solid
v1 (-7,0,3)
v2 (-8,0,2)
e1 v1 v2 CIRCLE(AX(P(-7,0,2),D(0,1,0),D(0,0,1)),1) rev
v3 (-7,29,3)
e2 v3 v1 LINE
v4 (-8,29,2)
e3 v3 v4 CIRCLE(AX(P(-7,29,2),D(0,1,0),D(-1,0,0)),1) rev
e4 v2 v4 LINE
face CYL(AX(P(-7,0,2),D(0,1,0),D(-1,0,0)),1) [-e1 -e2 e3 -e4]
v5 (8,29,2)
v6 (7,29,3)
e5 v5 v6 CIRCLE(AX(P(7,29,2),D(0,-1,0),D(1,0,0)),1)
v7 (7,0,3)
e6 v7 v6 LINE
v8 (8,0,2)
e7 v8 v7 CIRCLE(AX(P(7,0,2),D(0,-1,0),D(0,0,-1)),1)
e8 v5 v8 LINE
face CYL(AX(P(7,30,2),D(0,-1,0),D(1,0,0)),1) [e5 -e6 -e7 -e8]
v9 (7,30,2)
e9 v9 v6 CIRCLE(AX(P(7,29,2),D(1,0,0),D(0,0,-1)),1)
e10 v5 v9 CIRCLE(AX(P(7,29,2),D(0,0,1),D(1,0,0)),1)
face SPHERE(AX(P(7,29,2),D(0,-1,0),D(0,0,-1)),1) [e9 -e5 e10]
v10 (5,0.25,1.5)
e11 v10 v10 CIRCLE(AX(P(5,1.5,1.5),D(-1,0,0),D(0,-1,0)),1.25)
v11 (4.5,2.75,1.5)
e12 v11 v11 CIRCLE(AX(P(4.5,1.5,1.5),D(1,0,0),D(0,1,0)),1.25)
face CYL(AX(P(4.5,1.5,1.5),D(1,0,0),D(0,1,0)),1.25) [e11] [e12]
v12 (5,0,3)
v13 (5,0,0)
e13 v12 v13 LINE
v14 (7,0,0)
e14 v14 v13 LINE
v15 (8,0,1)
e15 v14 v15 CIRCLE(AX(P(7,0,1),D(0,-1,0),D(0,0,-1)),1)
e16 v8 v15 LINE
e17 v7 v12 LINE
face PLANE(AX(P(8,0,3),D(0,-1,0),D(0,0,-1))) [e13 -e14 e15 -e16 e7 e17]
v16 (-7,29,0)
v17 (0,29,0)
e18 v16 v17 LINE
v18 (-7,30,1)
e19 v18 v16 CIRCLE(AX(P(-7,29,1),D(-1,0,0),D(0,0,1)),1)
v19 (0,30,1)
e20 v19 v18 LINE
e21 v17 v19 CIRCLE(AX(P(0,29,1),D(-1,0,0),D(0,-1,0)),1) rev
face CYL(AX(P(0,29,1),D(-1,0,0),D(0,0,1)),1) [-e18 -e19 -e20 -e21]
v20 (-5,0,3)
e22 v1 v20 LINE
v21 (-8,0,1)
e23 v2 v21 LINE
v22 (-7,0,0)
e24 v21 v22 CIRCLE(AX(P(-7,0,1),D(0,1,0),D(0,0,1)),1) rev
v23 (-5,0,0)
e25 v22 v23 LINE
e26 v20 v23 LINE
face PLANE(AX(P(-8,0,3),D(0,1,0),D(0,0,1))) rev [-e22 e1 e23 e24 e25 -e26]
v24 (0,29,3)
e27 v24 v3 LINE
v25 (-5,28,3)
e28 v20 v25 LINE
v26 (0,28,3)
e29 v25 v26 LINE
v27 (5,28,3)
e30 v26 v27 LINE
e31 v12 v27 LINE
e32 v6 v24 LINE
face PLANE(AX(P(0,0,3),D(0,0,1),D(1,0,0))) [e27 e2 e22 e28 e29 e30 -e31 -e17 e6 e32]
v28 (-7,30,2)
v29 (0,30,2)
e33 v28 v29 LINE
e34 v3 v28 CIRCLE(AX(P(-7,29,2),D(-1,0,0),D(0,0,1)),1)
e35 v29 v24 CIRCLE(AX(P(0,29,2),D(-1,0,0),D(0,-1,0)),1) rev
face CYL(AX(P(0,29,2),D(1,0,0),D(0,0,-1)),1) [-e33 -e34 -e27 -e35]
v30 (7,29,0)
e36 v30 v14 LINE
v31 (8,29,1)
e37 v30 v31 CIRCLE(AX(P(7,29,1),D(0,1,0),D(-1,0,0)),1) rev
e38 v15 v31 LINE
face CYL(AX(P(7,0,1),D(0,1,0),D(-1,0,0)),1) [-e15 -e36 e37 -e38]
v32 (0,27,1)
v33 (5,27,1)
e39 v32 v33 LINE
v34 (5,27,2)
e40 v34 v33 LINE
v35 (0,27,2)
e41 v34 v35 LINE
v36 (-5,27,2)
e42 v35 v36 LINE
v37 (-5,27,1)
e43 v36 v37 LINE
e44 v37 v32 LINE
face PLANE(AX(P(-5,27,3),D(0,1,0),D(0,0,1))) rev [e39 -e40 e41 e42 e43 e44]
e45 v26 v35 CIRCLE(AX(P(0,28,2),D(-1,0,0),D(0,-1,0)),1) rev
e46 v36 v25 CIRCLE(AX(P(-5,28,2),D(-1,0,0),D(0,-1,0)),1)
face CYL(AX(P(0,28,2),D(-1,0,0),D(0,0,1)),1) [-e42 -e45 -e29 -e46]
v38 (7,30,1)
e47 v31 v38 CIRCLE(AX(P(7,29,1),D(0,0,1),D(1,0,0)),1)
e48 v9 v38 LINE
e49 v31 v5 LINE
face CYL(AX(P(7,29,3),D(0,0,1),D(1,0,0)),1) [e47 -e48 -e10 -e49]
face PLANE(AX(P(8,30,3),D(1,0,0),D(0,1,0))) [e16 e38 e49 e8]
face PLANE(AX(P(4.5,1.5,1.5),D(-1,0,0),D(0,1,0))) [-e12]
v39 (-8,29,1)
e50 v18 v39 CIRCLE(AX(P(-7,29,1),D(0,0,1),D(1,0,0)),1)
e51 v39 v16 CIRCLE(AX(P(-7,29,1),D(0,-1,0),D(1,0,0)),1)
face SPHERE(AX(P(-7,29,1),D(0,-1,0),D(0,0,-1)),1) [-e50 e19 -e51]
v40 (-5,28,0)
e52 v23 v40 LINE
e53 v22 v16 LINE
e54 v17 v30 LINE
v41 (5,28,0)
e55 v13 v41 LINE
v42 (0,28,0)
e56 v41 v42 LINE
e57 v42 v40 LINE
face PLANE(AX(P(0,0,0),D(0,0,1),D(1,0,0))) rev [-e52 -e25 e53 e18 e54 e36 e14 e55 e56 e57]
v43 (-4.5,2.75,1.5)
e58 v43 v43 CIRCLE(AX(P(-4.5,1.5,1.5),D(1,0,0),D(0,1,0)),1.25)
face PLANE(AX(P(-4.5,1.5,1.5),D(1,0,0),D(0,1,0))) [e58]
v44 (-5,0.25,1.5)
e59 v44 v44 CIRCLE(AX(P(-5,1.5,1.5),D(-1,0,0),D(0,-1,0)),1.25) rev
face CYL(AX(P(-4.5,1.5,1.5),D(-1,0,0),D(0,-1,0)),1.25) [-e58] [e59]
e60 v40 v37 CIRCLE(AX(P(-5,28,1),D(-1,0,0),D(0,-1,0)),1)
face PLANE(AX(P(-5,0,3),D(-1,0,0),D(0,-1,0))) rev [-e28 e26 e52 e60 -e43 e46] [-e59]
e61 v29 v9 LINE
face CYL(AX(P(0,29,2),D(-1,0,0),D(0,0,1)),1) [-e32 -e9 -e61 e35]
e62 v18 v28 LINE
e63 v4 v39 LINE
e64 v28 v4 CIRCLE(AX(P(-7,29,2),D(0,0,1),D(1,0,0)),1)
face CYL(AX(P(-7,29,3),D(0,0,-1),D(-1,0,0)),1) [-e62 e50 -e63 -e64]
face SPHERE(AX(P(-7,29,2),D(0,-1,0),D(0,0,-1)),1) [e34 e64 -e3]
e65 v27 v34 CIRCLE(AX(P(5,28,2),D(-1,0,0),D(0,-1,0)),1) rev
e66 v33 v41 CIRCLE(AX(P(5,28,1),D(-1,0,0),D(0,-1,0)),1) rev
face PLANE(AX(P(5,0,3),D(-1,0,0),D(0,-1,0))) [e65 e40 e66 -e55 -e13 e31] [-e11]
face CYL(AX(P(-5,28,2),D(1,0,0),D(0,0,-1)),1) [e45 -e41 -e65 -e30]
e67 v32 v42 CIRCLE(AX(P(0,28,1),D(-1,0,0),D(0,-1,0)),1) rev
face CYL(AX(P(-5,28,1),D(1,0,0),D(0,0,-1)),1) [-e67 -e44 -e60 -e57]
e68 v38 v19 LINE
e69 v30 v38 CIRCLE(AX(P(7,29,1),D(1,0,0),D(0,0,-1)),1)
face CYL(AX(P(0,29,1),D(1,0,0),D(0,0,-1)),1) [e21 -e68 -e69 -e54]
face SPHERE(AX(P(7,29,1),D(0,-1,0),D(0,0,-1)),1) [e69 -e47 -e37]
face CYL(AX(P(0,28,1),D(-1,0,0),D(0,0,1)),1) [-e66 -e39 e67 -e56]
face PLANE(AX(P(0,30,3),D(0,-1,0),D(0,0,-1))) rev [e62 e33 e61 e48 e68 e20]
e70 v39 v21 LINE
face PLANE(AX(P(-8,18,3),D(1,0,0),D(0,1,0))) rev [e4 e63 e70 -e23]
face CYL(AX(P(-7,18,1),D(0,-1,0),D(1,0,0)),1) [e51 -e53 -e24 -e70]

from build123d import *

# Parameters (mm, degrees)
BOSS_EXTRUDE1_DEPTH  = 3
SKETCH4_R            = 1.25
BOSS_EXTRUDE2_DEPTH  = 0.5
FILLET1_R            = 1
FILLET2_R            = 1
FILLET1_OF_MIRROR1_R = 1
FILLET2_OF_MIRROR1_R = 1


with BuildPart() as part:
    # Sketch3 → Boss-Extrude1 (new body)
    with BuildSketch(Plane.XY):
        Polygon((0, 30), (-8, 30), (-8, 18), (-8, 0), (-5, 0), (-5, 27), (0, 27), align=None)
    boss_extrude1 = extrude(amount=BOSS_EXTRUDE1_DEPTH)

    # Sketch4 → Boss-Extrude2 (add)
    with BuildSketch(Plane(origin=(-5, 0, 0), x_dir=(0, 0, -1), z_dir=(1, 0, 0))):
        with Locations(Location((-1.5, 1.5, 0), (0, 0, 270))):
            Circle(SKETCH4_R)
    boss_extrude2 = extrude(amount=BOSS_EXTRUDE2_DEPTH)

    # Fillet1
    fillet1_edges = [part.edges().sort_by_distance(p)[0] for p in [
        (-8, 15, 3),
        (-8, 15, 0),
    ]]
    fillet(fillet1_edges, radius=FILLET1_R)

    # Fillet2
    fillet2_edges = [part.edges().sort_by_distance(p)[0] for p in [
        (-8, 30, 1.5),
        (-2.5, 27, 3),
        (-7.707106781, 30, 2.707106781),
        (-7.707106781, 30, 0.292893219),
        (-2.5, 27, 0),
        (-3.5, 30, 3),
        (-3.5, 30, 0),
    ]]
    fillet(fillet2_edges, radius=FILLET2_R)

    # Mirror1: Boss-Extrude1, Boss-Extrude2 across plane
    add(boss_extrude1.mirror(Plane(origin=(0, 0, 0), x_dir=(0, 0, 1), z_dir=(1, 0, 0))))
    add(boss_extrude2.mirror(Plane(origin=(0, 0, 0), x_dir=(0, 0, 1), z_dir=(1, 0, 0))))

    # Fillet1 of Mirror1
    fillet1_of_mirror1_edges = [part.edges().sort_by_distance(p)[0] for p in [
        (8, 15, 3),
        (8, 15, 0),
    ]]
    fillet(fillet1_of_mirror1_edges, radius=FILLET1_OF_MIRROR1_R)

    # Fillet2 of Mirror1
    fillet2_of_mirror1_edges = [part.edges().sort_by_distance(p)[0] for p in [
        (8, 30, 1.5),
        (2.5, 27, 3),
        (7.707106781, 30, 2.707106781),
        (7.707106781, 30, 0.292893219),
        (2.5, 27, 0),
        (3.5, 30, 3),
        (3.5, 30, 0),
    ]]
    fillet(fillet2_of_mirror1_edges, radius=FILLET2_OF_MIRROR1_R)


solid = part.part
